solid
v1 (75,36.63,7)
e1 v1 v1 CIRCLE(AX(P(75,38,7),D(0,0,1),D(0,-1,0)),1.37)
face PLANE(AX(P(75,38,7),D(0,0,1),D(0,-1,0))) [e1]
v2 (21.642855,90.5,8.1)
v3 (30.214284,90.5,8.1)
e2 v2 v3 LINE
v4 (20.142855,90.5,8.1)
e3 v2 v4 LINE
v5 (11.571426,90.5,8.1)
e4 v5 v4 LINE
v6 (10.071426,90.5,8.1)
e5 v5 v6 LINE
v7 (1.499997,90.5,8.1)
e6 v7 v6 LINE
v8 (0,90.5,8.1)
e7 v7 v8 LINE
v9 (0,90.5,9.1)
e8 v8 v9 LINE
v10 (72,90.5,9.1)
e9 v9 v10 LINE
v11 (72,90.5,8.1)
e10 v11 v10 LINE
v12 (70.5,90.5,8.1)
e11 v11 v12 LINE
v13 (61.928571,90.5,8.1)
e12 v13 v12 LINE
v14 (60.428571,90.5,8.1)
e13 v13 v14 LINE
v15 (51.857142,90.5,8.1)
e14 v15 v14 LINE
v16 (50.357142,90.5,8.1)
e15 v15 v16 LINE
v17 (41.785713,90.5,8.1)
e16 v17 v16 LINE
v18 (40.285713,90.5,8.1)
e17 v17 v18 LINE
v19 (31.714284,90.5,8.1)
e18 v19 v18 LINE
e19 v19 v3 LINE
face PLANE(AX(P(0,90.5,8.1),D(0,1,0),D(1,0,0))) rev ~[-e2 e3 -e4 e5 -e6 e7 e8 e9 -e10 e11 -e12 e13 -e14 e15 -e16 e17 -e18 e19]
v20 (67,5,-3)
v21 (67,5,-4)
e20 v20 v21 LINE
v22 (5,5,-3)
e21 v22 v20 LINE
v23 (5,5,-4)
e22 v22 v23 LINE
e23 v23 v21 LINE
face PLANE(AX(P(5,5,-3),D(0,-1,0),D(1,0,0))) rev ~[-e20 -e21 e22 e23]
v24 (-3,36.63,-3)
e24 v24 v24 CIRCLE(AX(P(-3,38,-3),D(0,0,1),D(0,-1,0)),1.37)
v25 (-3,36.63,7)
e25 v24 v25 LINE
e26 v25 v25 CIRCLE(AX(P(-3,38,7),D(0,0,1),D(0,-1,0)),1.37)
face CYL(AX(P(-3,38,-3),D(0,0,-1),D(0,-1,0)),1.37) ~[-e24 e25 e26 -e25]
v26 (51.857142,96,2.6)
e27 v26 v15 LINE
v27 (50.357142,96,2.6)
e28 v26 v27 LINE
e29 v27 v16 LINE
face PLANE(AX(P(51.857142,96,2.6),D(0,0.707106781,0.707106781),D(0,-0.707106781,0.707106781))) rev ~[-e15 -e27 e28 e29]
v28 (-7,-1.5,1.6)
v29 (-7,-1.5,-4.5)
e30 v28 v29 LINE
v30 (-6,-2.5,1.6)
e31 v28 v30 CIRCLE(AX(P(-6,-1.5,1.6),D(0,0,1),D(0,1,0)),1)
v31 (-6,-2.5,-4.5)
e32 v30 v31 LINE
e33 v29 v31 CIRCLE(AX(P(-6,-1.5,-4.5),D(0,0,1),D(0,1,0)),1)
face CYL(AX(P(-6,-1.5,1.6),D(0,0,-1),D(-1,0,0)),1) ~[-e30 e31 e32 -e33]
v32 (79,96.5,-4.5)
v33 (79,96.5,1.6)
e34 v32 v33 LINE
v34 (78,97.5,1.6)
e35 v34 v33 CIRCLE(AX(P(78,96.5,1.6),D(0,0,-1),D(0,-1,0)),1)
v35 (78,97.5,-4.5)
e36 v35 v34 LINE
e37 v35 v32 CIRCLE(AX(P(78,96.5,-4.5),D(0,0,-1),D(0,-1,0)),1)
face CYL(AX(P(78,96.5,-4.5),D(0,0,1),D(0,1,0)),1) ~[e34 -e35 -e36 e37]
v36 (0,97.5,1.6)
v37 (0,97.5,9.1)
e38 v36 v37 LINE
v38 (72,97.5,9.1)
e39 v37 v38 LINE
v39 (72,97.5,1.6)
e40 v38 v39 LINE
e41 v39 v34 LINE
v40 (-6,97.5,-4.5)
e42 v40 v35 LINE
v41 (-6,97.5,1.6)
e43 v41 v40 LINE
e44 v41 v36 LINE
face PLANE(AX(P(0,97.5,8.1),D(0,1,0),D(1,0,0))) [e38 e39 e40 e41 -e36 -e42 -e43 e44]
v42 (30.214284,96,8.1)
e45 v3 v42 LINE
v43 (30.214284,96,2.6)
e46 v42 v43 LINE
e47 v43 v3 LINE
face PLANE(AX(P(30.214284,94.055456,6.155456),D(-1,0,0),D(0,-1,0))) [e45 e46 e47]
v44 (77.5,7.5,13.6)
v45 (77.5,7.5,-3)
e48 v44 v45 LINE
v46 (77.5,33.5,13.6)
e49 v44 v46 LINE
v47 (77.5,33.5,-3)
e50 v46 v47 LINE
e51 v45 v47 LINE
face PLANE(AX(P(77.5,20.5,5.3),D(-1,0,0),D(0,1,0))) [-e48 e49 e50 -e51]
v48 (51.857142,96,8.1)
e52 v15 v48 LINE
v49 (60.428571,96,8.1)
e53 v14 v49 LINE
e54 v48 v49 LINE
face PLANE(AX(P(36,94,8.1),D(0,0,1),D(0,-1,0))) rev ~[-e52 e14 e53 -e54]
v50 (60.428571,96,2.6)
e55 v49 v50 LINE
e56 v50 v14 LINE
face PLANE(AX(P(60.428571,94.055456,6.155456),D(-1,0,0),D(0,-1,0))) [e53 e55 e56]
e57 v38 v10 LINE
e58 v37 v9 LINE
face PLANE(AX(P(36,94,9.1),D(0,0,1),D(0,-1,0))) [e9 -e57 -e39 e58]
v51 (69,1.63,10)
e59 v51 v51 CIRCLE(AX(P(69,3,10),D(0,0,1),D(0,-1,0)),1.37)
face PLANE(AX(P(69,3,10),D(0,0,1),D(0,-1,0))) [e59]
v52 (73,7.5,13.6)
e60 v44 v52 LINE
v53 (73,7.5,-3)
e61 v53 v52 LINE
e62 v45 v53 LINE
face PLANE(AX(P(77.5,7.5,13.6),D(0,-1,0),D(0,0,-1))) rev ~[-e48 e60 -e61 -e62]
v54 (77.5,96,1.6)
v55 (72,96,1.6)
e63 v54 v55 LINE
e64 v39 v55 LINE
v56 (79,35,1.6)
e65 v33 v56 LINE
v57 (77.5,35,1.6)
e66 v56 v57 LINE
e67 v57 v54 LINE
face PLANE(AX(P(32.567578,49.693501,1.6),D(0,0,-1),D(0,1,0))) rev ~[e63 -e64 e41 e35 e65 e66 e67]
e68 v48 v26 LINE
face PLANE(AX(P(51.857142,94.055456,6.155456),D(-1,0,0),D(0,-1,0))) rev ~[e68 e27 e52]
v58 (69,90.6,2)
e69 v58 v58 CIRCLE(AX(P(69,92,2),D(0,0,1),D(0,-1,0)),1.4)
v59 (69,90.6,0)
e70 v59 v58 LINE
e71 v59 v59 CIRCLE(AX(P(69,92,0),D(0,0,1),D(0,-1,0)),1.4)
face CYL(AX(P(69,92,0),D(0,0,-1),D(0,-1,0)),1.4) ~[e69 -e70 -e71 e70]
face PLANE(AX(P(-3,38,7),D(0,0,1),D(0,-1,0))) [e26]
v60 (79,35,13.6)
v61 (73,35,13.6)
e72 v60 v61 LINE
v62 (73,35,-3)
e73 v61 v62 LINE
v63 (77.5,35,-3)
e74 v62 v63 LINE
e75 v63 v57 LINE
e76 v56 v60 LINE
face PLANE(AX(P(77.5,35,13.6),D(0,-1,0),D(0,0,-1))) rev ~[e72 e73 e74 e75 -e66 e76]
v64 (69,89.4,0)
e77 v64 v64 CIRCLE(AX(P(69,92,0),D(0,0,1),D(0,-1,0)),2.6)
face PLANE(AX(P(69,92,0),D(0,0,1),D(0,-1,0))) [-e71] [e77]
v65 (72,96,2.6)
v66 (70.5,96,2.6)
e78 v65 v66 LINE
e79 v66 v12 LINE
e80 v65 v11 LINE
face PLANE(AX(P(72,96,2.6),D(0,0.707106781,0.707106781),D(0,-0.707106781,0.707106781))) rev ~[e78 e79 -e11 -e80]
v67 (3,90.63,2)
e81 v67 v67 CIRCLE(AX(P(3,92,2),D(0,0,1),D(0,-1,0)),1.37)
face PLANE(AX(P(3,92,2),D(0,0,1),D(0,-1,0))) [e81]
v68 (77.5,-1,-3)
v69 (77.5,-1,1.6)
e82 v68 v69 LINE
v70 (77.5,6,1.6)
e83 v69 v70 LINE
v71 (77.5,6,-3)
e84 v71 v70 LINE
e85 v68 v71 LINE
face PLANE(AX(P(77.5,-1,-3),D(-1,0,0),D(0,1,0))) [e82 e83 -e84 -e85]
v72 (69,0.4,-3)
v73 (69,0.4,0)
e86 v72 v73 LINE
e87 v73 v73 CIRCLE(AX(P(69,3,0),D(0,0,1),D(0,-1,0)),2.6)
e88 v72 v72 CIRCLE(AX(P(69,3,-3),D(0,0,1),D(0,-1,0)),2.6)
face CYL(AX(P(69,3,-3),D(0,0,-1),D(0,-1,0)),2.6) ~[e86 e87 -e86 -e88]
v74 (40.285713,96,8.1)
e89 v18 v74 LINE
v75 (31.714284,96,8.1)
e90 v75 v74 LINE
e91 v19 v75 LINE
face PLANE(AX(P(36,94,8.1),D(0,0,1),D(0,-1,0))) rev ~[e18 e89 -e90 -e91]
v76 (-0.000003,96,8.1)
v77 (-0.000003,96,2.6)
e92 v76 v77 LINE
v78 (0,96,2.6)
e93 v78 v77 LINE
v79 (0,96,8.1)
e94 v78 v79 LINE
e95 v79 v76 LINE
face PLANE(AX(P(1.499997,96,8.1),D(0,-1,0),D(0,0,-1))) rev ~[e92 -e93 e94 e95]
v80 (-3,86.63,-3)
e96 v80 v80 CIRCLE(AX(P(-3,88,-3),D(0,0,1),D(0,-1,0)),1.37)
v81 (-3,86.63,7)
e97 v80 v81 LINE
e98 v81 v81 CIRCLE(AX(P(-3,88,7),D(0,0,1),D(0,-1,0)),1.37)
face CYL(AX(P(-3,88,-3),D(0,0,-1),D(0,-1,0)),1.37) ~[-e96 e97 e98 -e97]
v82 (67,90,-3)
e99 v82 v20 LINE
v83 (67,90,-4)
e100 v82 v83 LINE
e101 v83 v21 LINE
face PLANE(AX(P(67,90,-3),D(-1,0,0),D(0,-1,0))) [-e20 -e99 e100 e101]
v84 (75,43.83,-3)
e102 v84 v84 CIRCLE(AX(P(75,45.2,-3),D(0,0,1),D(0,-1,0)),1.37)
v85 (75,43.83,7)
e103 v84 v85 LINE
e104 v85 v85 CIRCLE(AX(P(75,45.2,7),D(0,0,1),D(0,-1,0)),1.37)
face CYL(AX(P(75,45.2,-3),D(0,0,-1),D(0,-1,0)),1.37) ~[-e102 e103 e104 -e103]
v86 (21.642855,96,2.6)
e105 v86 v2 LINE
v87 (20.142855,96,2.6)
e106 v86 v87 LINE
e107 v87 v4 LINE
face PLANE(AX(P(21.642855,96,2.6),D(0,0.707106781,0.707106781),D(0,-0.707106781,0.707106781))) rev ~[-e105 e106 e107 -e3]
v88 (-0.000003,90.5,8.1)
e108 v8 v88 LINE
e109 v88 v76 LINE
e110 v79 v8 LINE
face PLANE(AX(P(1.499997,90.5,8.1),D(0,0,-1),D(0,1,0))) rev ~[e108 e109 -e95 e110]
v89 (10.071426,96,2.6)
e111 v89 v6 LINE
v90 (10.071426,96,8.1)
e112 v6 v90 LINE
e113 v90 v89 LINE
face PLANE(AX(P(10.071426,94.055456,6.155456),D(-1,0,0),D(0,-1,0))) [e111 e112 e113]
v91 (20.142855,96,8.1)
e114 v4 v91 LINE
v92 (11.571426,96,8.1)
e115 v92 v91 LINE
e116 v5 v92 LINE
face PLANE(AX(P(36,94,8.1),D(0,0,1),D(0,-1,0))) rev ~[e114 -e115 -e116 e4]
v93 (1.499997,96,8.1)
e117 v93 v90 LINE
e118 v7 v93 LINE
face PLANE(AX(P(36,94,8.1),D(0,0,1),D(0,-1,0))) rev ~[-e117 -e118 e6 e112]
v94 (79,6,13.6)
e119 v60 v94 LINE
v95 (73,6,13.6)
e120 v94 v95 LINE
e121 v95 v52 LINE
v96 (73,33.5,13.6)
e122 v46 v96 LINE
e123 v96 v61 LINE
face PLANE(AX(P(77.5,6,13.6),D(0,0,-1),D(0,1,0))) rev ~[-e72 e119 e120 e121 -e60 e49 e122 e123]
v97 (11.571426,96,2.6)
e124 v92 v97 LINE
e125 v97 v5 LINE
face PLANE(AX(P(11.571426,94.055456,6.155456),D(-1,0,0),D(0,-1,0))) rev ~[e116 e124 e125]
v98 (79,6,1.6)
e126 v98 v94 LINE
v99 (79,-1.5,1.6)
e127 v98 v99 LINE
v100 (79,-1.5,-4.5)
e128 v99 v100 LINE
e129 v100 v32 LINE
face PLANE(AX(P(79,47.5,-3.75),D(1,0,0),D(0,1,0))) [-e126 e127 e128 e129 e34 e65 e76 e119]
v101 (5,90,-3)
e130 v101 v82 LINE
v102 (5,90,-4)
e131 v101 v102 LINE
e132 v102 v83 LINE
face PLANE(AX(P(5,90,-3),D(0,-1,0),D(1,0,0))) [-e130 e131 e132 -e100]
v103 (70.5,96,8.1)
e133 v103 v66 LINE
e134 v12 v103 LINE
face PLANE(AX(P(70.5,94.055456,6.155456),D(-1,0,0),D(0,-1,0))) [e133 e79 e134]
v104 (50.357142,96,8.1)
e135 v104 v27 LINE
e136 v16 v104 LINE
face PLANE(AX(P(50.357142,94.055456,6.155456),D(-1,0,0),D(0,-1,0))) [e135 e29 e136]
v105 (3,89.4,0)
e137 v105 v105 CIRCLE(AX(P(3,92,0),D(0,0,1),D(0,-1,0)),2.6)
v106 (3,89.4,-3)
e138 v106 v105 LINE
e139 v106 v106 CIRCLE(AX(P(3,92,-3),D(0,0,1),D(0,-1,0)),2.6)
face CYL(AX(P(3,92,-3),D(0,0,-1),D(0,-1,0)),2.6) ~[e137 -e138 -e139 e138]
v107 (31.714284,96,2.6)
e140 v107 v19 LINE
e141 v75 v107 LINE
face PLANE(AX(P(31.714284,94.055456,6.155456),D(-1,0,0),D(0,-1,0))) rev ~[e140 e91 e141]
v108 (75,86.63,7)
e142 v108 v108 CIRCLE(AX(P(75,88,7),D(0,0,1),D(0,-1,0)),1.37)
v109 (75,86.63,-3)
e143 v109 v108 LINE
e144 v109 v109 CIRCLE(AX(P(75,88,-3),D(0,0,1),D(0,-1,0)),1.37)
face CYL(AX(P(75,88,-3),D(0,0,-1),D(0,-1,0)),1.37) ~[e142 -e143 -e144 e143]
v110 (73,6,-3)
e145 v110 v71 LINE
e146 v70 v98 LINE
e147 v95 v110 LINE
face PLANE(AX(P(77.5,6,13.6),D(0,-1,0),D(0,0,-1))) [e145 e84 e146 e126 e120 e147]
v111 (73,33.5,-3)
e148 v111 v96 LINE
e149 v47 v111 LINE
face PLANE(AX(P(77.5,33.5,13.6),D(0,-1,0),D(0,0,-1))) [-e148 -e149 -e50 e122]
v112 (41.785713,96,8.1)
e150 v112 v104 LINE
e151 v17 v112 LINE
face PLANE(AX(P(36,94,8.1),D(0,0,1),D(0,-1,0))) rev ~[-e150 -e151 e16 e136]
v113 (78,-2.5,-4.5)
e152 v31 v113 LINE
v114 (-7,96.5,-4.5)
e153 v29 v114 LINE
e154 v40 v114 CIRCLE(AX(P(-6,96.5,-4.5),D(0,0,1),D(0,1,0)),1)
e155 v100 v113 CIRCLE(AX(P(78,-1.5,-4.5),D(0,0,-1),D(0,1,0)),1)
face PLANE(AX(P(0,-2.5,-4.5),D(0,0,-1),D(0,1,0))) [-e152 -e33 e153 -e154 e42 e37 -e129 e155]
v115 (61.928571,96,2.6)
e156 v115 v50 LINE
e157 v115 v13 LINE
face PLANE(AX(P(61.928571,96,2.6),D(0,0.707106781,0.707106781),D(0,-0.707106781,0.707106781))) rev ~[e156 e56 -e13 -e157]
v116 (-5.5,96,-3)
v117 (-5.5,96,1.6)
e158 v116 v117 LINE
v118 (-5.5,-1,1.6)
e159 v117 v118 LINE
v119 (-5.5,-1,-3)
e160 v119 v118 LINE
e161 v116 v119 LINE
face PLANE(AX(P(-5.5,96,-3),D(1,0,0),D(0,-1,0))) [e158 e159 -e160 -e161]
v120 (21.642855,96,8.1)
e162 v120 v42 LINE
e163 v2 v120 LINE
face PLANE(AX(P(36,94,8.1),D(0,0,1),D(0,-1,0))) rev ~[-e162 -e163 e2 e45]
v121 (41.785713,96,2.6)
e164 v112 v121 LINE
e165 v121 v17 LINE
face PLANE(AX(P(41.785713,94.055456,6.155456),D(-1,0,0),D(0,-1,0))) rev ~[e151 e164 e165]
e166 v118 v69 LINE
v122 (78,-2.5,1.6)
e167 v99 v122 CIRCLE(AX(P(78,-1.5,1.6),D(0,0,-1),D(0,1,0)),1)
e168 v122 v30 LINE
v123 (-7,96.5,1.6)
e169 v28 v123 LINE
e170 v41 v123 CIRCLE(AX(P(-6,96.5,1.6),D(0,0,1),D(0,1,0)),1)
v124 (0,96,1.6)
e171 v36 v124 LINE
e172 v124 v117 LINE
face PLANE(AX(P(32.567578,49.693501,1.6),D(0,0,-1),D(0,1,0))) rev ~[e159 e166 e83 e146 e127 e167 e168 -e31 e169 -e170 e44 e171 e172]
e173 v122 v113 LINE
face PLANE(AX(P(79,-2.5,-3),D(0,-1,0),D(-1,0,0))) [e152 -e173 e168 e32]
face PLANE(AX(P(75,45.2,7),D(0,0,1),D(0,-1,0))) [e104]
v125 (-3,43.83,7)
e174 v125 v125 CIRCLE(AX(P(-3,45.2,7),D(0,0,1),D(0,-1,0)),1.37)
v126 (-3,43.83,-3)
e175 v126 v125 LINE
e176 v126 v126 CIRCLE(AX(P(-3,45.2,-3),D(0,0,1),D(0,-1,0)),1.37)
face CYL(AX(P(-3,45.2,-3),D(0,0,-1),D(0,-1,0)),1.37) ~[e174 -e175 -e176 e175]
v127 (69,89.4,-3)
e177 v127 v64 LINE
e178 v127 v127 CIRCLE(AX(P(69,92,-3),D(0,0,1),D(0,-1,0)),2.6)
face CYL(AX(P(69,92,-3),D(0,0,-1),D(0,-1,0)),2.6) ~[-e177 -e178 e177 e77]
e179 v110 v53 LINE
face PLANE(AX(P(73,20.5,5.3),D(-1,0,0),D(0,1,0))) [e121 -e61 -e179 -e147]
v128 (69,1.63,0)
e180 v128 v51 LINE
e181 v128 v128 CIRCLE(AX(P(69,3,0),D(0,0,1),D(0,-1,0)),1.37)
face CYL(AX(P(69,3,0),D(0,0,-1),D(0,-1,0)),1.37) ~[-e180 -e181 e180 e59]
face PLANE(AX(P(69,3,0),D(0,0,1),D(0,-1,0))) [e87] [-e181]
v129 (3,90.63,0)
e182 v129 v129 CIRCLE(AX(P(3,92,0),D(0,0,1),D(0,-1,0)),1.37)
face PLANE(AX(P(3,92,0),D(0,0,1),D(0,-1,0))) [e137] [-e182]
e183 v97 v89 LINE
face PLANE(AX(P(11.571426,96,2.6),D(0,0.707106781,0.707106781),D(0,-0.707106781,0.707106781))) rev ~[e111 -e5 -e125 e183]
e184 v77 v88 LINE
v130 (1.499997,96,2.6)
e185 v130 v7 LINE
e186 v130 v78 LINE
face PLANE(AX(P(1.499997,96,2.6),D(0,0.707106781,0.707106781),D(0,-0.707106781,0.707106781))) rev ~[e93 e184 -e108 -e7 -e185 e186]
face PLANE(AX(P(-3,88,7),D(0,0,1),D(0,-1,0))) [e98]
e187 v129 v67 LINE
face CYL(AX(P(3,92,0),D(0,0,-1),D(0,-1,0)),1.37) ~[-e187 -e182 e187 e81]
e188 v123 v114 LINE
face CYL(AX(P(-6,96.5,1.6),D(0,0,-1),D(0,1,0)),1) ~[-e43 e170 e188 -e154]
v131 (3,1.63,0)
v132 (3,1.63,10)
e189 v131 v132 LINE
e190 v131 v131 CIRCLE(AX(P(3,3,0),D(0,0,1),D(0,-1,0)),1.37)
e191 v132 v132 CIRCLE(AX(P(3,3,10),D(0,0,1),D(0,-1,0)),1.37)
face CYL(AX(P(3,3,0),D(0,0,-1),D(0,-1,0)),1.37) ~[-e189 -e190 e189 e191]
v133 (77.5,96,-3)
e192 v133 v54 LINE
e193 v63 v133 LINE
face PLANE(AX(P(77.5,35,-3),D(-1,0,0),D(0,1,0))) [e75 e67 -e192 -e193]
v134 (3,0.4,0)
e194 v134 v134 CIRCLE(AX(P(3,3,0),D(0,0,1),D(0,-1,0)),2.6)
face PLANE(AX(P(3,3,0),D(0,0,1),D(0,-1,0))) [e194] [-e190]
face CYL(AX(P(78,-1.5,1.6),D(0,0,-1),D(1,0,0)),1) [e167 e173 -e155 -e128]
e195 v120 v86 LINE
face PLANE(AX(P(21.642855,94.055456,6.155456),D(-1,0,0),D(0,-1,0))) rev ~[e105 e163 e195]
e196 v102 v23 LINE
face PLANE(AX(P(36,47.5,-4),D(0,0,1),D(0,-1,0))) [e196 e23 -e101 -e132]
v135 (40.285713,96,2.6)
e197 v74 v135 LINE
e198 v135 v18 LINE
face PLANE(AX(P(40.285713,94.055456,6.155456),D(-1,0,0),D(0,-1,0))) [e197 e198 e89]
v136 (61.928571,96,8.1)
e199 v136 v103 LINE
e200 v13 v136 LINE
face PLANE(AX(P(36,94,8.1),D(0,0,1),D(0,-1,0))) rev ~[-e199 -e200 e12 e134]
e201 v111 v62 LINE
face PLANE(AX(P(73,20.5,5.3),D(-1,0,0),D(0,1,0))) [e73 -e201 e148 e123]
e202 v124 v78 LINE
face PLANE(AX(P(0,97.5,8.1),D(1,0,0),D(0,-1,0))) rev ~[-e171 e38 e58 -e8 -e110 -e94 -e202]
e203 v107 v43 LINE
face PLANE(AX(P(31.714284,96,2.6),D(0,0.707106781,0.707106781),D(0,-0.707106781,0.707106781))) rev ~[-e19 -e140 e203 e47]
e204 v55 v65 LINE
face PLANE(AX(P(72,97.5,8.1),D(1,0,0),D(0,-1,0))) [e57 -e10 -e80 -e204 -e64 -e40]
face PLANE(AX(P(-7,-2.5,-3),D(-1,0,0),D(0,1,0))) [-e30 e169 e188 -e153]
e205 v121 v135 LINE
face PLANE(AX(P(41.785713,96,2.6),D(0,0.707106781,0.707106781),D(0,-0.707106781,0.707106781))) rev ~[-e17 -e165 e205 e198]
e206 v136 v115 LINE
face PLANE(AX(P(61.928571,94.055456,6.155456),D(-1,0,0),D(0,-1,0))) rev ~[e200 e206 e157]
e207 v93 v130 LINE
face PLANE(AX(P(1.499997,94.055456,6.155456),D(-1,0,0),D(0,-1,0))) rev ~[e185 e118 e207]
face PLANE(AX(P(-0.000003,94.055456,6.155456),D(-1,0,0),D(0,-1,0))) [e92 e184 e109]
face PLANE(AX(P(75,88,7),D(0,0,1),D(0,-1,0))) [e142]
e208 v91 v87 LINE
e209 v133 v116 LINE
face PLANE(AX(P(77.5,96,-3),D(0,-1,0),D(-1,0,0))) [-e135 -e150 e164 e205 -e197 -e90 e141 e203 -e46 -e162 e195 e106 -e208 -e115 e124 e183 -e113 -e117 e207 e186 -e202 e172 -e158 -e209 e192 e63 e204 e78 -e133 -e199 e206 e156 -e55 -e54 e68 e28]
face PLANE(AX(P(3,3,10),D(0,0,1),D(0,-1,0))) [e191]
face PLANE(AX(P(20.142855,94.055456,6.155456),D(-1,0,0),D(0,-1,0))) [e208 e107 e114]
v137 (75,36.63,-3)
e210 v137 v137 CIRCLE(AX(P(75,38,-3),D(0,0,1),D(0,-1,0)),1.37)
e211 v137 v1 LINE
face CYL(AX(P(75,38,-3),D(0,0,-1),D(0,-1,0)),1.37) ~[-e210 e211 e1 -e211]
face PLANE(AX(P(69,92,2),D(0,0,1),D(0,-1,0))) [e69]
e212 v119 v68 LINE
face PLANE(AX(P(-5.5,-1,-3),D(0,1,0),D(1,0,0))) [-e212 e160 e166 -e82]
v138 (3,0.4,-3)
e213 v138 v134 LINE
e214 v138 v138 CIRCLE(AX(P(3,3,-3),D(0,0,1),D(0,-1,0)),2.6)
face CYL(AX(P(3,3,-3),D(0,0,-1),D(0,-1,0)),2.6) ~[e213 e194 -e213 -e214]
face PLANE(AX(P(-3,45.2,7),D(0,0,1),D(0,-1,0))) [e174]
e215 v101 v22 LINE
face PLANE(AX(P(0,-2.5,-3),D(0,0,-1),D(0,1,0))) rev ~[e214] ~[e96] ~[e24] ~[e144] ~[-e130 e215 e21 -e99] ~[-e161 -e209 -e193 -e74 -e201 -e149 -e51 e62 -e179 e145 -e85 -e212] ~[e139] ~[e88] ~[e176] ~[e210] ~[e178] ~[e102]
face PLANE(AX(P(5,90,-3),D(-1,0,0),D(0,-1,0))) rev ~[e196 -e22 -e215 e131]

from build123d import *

# Parameters (mm, degrees)
SKETCH002_W            = 100
SKETCH002_H            = 1.5
PAD001_DEPTH           = 79
PAD001_DEPTH_BACK      = 7
SKETCH004_R            = 2.6
PAD003_DEPTH           = 3
SKETCH007_W            = 29
SKETCH007_H            = 1.5
PAD006_DEPTH           = 16.6
SKETCH008_W            = 29
SKETCH008_H            = 16.6
PAD007_DEPTH           = 4.5
SKETCH009_W            = 26
SKETCH009_H            = 16.6
POCKET001_DEPTH        = 10
SKETCH010_W            = 85
SKETCH010_H            = 62
POCKET002_DEPTH        = 1
PAD009_DEPTH           = 4.6
SKETCH019_W            = 1.5
SKETCH019_H            = 72
PAD015_DEPTH           = 6.5
PAD016_DEPTH           = 1.5
LINEARPATTERN_COUNT    = 8
LINEARPATTERN_PITCH    = 10.071429
SKETCH021_W            = 7
SKETCH021_H            = 72
PAD017_DEPTH           = 1
SKETCH022_R            = 1.4
SKETCH022_R_2          = 1.37
PAD023_DEPTH           = 2
SKETCH029_R            = 1.37
PAD024_DEPTH           = 10
SKETCH031_R            = 1.37
PAD026_DEPTH           = 10
FILLET001_R            = 1
LINEARPATTERN001_COUNT = 2
LINEARPATTERN001_PITCH = 42.8
SKETCH036_R            = 1.37
PAD029_DEPTH           = 10


with BuildPart() as part:
    # Sketch002 → Pad001 (new body, two sides)
    with BuildSketch(Plane.YZ) as pad001_sk:
        with Locations((47.5, -3.75)):
            Rectangle(SKETCH002_W, SKETCH002_H)
    extrude(amount=PAD001_DEPTH)
    extrude(pad001_sk.sketch, amount=-PAD001_DEPTH_BACK)

    # Sketch004 (on Face1 of Pad001) → Pad003 (join)
    with BuildSketch(Plane(origin=(0, 0, -3), x_dir=(0, -1, 0), z_dir=(0, 0, 1))):
        with Locations((-3, 3)):
            Circle(SKETCH004_R)
        with Locations((-3, 69)):
            Circle(SKETCH004_R)
        with Locations((-92, 3)):
            Circle(SKETCH004_R)
        with Locations((-92, 69)):
            Circle(SKETCH004_R)
    extrude(amount=PAD003_DEPTH)

    # Sketch007 (on Face1 of Pad003) → Pad006 (join)
    with BuildSketch(Plane(origin=(0, 0, -3), x_dir=(0, -1, 0), z_dir=(0, 0, 1))):
        with Locations((-20.5, 78.25)):
            Rectangle(SKETCH007_W, SKETCH007_H)
    extrude(amount=PAD006_DEPTH)

    # Sketch008 (on Face6 of Pad006) → Pad007 (join)
    with BuildSketch(Plane(origin=(77.5, 0, 0), x_dir=(0, 1, 0), z_dir=(-1, 0, 0))):
        with Locations((20.5, -5.3)):
            Rectangle(SKETCH008_W, SKETCH008_H)
    extrude(amount=PAD007_DEPTH)

    # Sketch009 (on Face6 of Pad006) → Pocket001 (cut)
    with BuildSketch(Plane(origin=(77.5, 0, 0), x_dir=(0, 1, 0), z_dir=(-1, 0, 0))):
        with Locations((20.5, -5.3)):
            Rectangle(SKETCH009_W, SKETCH009_H)
    extrude(amount=POCKET001_DEPTH, mode=Mode.SUBTRACT)

    # Sketch010 (on Face1 of Pocket001) → Pocket002 (cut)
    with BuildSketch(Plane(origin=(0, 0, -3), x_dir=(0, -1, 0), z_dir=(0, 0, 1))):
        with Locations((-47.5, 36)):
            Rectangle(SKETCH010_W, SKETCH010_H)
    extrude(amount=-POCKET002_DEPTH, mode=Mode.SUBTRACT)

    # Sketch012 (on Face1 of Pocket002) → Pad009 (join)
    with BuildSketch(Plane(origin=(0, 0, -3), x_dir=(0, -1, 0), z_dir=(0, 0, 1))):
        Polygon((-35, 79), (-35, 77.5), (-96, 77.5), (-96, -5.5), (1, -5.5), (1, 77.5), (-6, 77.5), (-6, 79), (2.5, 79), (2.5, -7), (-97.5, -7), (-97.5, 79), align=None)
    extrude(amount=PAD009_DEPTH)

    # Sketch019 (on Face20 of Pad009) → Pad015 (join)
    with BuildSketch(Plane(origin=(0, 0, 1.6), x_dir=(0, -1, 0), z_dir=(0, 0, 1))):
        with Locations((-96.75, 36)):
            Rectangle(SKETCH019_W, SKETCH019_H)
    extrude(amount=PAD015_DEPTH)

    # Sketch020 (on Face41 of Pad015) → Pad016 (join)
    with BuildSketch(Plane.YZ.offset(72)):
        Polygon((96, 8.1), (96, 2.6), (90.5, 8.1), align=None)
    pad016 = extrude(amount=-PAD016_DEPTH)

    # LinearPattern: Pad016 ×8
    with Locations(*[(-i * LINEARPATTERN_PITCH, 0, 0) for i in range(1, LINEARPATTERN_COUNT)]):
        add(pad016)

    # Sketch021 (on Face44 of LinearPattern) → Pad017 (join)
    with BuildSketch(Plane(origin=(0, 0, 8.1), x_dir=(0, -1, 0), z_dir=(0, 0, 1))):
        with Locations((-94, 36)):
            Rectangle(SKETCH021_W, SKETCH021_H)
    extrude(amount=PAD017_DEPTH)

    # Sketch022 (on Face31 of Pad017) → Pad023 (join)
    with BuildSketch(Plane(origin=(0, 0, 0), x_dir=(0, -1, 0), z_dir=(0, 0, 1))):
        with Locations((-92, 69)):
            Circle(SKETCH022_R)
        with Locations((-92, 3)):
            Circle(SKETCH022_R_2)
    extrude(amount=PAD023_DEPTH)

    # Sketch029 (on Face32 of Pad023) → Pad024 (join)
    with BuildSketch(Plane(origin=(0, 0, 0), x_dir=(0, -1, 0), z_dir=(0, 0, 1))):
        with Locations((-3, 69)):
            Circle(SKETCH029_R)
        with Locations((-3, 3)):
            Circle(SKETCH029_R)
    extrude(amount=PAD024_DEPTH)

    # Sketch031 (on Face1 of Pad024) → Pad026 (join)
    with BuildSketch(Plane(origin=(0, 0, -3), x_dir=(0, -1, 0), z_dir=(0, 0, 1))):
        with Locations((-88, -3)):
            Circle(SKETCH031_R)
        with Locations((-88, 75)):
            Circle(SKETCH031_R)
    pad026 = extrude(amount=PAD026_DEPTH)

    # Fillet001
    fillet001_edges = [part.edges().sort_by_distance(p)[0] for p in [
        (79, 97.5, -0.7),
        (-7, 97.5, -0.7),
        (-7, -2.5, -0.7),
        (79, -2.5, -0.7),
    ]]
    fillet(fillet001_edges, radius=FILLET001_R)

    # LinearPattern001: Pad026 ×2
    with Locations(*[(0, -i * LINEARPATTERN001_PITCH, 0) for i in range(1, LINEARPATTERN001_COUNT)]):
        add(pad026)

    # Sketch036 (on Face21 of LinearPattern001) → Pad029 (join)
    with BuildSketch(Plane(origin=(0, 0, -3), x_dir=(0, -1, 0), z_dir=(0, 0, 1))):
        with Locations((-38, 75)):
            Circle(SKETCH036_R)
        with Locations((-38, -3)):
            Circle(SKETCH036_R)
    extrude(amount=PAD029_DEPTH)


solid = part.part
